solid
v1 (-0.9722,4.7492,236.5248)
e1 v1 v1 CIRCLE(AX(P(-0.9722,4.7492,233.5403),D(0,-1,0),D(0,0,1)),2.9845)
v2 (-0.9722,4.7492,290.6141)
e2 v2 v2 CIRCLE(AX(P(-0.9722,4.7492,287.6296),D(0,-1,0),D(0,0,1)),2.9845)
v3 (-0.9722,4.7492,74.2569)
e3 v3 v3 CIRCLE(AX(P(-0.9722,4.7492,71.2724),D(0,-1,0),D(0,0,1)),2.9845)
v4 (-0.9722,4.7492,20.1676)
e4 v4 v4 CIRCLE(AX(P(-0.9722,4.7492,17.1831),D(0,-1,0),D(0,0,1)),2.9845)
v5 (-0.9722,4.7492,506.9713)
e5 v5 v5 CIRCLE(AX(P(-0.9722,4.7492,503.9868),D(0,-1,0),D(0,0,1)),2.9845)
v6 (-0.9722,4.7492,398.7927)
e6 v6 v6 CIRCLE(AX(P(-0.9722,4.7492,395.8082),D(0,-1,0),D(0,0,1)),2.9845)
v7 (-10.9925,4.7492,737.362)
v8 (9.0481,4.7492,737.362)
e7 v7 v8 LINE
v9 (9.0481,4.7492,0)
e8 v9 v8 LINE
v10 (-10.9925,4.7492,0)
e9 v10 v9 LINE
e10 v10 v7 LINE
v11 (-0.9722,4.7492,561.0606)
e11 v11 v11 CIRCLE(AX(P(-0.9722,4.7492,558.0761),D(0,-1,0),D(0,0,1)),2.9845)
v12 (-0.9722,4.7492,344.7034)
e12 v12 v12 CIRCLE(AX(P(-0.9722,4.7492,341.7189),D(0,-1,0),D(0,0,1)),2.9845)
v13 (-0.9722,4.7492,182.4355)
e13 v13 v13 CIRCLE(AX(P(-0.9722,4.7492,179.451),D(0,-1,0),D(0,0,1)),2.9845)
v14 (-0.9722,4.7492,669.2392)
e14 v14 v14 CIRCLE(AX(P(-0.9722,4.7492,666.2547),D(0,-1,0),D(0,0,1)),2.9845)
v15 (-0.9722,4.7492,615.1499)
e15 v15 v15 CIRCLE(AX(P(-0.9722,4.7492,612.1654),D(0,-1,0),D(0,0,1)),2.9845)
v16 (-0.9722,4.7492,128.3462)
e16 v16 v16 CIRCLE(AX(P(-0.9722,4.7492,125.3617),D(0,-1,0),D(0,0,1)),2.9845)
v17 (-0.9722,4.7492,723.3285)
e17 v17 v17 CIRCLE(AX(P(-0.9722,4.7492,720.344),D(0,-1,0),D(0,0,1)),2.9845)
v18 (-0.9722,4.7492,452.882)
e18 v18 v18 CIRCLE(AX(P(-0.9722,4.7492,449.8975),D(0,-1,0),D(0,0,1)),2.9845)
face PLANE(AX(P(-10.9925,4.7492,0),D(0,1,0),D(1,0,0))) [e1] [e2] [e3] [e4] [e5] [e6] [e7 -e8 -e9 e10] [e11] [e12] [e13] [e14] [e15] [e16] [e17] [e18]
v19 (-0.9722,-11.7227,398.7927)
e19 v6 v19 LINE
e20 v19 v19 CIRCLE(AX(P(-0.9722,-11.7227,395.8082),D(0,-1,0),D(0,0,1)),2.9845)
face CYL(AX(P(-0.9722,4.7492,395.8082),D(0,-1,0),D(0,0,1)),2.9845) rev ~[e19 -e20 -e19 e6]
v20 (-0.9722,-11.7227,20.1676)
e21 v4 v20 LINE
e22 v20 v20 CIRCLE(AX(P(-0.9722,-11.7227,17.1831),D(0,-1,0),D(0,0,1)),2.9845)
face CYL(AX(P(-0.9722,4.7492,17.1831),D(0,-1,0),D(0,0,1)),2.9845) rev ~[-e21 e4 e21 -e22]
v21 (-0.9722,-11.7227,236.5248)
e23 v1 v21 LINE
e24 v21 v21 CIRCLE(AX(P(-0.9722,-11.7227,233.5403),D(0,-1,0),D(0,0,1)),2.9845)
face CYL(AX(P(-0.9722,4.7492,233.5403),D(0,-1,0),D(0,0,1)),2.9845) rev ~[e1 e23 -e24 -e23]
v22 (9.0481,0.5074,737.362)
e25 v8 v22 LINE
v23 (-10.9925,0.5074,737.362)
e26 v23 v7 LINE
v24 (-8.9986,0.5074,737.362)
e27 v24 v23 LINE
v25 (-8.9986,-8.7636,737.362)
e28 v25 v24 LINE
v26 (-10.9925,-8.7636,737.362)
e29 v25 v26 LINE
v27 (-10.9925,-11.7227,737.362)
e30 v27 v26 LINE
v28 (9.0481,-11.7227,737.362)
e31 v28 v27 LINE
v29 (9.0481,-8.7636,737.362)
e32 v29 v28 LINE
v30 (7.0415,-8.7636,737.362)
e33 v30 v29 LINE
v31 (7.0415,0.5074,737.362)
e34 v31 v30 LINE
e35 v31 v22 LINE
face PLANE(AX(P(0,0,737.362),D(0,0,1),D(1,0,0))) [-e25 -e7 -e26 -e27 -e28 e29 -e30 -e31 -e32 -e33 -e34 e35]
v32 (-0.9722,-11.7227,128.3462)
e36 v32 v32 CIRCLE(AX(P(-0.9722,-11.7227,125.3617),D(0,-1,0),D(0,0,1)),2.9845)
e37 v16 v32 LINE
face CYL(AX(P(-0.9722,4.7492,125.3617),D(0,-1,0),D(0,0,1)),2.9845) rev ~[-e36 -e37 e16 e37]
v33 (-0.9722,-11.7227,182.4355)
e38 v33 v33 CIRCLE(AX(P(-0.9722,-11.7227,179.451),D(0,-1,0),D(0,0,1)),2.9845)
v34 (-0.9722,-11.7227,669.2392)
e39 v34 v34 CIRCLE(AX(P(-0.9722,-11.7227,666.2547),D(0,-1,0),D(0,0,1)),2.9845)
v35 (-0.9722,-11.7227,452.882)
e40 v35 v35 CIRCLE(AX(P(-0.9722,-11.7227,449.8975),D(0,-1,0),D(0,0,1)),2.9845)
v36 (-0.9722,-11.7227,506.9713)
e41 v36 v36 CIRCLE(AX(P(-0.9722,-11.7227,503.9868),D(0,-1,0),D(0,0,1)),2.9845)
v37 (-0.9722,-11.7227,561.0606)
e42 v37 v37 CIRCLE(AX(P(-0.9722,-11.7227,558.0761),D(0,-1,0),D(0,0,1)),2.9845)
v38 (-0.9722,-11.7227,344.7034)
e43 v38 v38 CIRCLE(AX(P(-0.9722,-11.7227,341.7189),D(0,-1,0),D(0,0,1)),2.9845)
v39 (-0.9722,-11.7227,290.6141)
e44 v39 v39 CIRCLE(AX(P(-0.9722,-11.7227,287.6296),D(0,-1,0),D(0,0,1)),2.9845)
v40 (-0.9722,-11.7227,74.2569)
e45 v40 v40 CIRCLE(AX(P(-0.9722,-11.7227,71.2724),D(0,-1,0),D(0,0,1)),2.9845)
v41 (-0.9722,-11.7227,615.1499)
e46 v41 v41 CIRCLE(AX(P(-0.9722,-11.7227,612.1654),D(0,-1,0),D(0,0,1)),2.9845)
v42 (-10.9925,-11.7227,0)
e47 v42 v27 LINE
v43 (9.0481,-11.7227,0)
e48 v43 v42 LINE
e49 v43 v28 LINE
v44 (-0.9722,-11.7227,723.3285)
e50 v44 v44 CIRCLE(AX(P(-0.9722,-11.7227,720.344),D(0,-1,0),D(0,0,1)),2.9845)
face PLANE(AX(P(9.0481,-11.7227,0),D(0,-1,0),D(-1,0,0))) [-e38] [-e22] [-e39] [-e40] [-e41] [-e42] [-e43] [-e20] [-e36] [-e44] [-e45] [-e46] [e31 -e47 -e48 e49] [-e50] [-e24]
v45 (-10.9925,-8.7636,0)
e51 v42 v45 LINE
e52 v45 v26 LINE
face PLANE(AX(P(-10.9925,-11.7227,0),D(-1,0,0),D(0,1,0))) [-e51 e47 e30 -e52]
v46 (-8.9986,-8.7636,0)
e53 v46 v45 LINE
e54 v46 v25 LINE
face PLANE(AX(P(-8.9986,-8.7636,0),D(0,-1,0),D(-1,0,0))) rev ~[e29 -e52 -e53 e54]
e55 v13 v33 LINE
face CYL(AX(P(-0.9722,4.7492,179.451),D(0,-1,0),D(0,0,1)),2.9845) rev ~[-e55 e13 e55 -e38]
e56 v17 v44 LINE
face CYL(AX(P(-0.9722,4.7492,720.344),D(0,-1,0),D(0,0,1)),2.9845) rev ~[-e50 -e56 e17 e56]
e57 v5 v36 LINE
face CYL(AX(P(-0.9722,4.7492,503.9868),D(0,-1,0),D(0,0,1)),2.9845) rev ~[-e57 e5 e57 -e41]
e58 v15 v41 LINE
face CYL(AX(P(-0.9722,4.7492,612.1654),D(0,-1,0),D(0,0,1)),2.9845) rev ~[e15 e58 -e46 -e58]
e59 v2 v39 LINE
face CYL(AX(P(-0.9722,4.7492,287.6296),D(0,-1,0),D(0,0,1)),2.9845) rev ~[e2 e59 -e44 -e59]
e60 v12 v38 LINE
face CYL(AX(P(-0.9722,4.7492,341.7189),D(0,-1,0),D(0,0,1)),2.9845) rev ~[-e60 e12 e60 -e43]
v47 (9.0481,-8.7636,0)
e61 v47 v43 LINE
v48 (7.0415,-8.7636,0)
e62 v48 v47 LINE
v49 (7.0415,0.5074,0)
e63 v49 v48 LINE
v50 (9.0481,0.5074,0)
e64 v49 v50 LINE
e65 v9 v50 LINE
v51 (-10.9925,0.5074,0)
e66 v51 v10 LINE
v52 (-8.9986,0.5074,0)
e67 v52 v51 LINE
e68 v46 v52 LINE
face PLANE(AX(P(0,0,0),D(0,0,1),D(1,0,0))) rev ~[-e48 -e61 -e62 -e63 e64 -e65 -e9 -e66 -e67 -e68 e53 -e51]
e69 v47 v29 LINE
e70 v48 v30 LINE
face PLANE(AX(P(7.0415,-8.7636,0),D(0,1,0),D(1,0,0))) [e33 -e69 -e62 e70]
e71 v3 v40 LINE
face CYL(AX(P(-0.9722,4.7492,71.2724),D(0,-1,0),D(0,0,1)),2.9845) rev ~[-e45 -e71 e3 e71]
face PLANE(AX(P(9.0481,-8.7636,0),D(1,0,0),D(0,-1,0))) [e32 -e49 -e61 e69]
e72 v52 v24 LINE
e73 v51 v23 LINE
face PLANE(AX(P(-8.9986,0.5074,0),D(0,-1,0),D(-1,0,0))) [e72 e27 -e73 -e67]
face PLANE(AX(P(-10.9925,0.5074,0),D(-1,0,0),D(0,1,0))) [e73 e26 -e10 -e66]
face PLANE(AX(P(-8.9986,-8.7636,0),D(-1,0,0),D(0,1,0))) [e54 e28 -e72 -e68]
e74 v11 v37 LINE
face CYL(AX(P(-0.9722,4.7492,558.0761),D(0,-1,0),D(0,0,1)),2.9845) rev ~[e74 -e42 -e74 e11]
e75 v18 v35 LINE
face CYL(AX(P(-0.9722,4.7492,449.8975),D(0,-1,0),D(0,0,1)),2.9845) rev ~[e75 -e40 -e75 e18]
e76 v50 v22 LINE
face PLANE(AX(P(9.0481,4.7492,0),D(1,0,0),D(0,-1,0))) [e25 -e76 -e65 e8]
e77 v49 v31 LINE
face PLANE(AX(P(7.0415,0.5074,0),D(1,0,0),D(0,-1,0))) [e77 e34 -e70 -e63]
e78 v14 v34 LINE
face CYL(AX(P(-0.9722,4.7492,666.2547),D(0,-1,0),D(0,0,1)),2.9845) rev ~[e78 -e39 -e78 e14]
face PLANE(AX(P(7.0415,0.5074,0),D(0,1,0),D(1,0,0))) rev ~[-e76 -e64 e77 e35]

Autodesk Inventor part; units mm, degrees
ref_plane "YZ Plane" through (0, 0, 0) normal (1, 0, 0) x (0, 1, 0)
ref_plane "XZ Plane" through (0, 0, 0) normal (0, 1, 0) x (-1, 0, 0)
ref_plane "XY Plane" through (0, 0, 0) normal (0, 0, 1) x (1, 0, 0)
sketch "Sketch1" plane through (0, 0, 0) normal (0, 1, 0) x (-1, 0, 0)
  point P0 (0, 0)
sketch "Sketch2" plane through (0, 0, 0) normal (0, 0, 1) x (1, 0, 0)
  line L0 (-10.9925, 4.7492) -> (9.0481, 4.7492)
  line L1 (9.0481, -11.7227) -> (-10.9925, -11.7227)
  line L2 (7.0415, 0.5074) -> (7.0415, -8.7636)
  line L3 (-8.9986, -8.7636) -> (-8.9986, 0.5074)
  line L4 (-8.9986, 0.5074) -> (-10.9925, 0.5074)
  line L5 (-8.9986, -8.7636) -> (-10.9925, -8.7636)
  line L6 (7.0415, -8.7636) -> (9.0481, -8.7636)
  line L7 (7.0415, 0.5074) -> (9.0481, 0.5074)
  line L8 (9.0481, 4.7492) -> (9.0481, 0.5074)
  line L9 (9.0481, -8.7636) -> (9.0481, -11.7227)
  line L10 (-10.9925, -11.7227) -> (-10.9925, -8.7636)
  line L11 (-10.9925, 0.5074) -> (-10.9925, 4.7492)
  point P0 (0, 0)
extrude "Extrusion1" add sketch "Sketch2" along normal blind 737.362
sketch "Sketch3" plane through (-10.9925, 4.7492, 0) normal (0, 1, 0) x (1, 0, 0)
  circle A0 centre (10.0203, -179.451) radius 2.8956
  line L0 (0, 0) -> (20.0406, 0) projected
  circle A1 centre (10.0203, -233.5403) radius 2.8956
  line L1 (20.0406, 0) -> (20.0406, -737.362) projected
  line L2 (0, 0) -> (0, -737.362) projected
  circle A2 centre (10.0203, -287.6296) radius 2.8956
  circle A3 centre (10.0203, -341.7189) radius 2.8956
  circle A4 centre (10.0203, -395.8082) radius 2.8956
  circle A5 centre (10.0203, -449.8975) radius 2.8956
  circle A6 centre (10.0203, -503.9868) radius 2.8956
  circle A7 centre (10.0203, -558.0761) radius 2.8956
  circle A8 centre (10.0203, -612.1654) radius 2.8956
  circle A9 centre (10.0203, -666.2547) radius 2.8956
  circle A10 centre (10.0203, -720.344) radius 2.8956
  line L3 (20.0406, -737.362) -> (0, -737.362) projected
  circle A11 centre (10.0203, -125.3617) radius 2.8956
  circle A12 centre (10.0203, -71.2724) radius 2.8956
  circle A13 centre (10.0203, -17.1831) radius 2.8956
  point P0 (10.9925, 0)
  dimension "d16" = 20.0406
  dimension "d17" = 54.0893
  dimension "d19" = 54.0893
  dimension "d20" = 54.0893
  dimension "d21" = 54.0893
  dimension "d22" = 54.0893
  dimension "d23" = 54.0893
  dimension "d24" = 54.0893
  dimension "d25" = 54.0893
  dimension "d26" = 54.0893
  dimension "d27" = 54.0893
  dimension "d28" = 17.018
  dimension "d29" = 54.0893
  dimension "d30" = 54.0893
  dimension "d31" = 54.0893
  dimension "d33" = 10.0203
  dimension "d34" = 10.0203
  dimension "d35" = 10.0203
  dimension "d36" = 10.0203
  dimension "d37" = 10.0203
hole "Hole1" at (-0.9722, 4.7492, 17.1831) at (-0.9722, 4.7492, 71.2724) at (-0.9722, 4.7492, 125.3617) at (-0.9722, 4.7492, 179.451) at (-0.9722, 4.7492, 233.5403) at (-0.9722, 4.7492, 287.6296) at (-0.9722, 4.7492, 341.7189) at (-0.9722, 4.7492, 395.8082) at (-0.9722, 4.7492, 449.8975) at (-0.9722, 4.7492, 503.9868) at (-0.9722, 4.7492, 558.0761) at (-0.9722, 4.7492, 612.1654) at (-0.9722, 4.7492, 666.2547) at (-0.9722, 4.7492, 720.344) direction (0, -1, 0) diameter 5.969 end through all
sketch "Sketch4" plane through (-10.9925, 4.7492, 0) normal (0, 1, 0) x (1, 0, 0)
  point P0 (10.9925, 0)
sketch "Sketch5" plane through (-10.9925, -11.7227, 0) normal (0, -1, 0) x (1, 0, 0)
  point P0 (10.9925, 0)
sketch "Sketch6" plane through (-10.9925, -11.7227, 0) normal (0, -1, 0) x (1, 0, 0)
  line L0 (20.0406, 0) -> (20.0406, 737.362) projected
  line L1 (20.0406, 0) -> (0, 0) projected
  circle A0 centre (10.0203, 666.2547) radius 2.9845 projected
  line L2 (0, 737.362) -> (20.0406, 737.362) projected
  line L3 (0, 0) -> (0, 737.362) projected
  point P0 (10.9925, 0)
  point P1 (10.0203, 125.222)
  point P2 (10.0203, 179.324)
  point P3 (10.0203, 233.426)
  point P4 (10.0203, 287.528)
  point P5 (10.0203, 341.63)
  point P6 (10.0203, 395.732)
  point P7 (10.0203, 449.834)
  point P8 (10.0203, 503.936)
  point P9 (10.0203, 558.038)
  point P10 (10.0203, 612.14)
  point P11 (10.0203, 720.344)
  point P12 (10.0203, 666.242)
  point P13 (10.0203, 71.12)
  point P14 (10.0203, 17.018)
  dimension "d59" = 10.0203
  dimension "d60" = 10.0203
  dimension "d61" = 54.102
  dimension "d62" = 54.102
  dimension "d63" = 10.0203
  dimension "d64" = 54.102
  dimension "d65" = 10.0203
  dimension "d66" = 54.102
  dimension "d67" = 54.102
  dimension "d68" = 54.102
  dimension "d69" = 54.102
  dimension "d70" = 54.102
  dimension "d71" = 54.102
  dimension "d74" = 54.102
  dimension "d75" = 54.102
  dimension "d76" = 17.018
  dimension "d77" = 10.0203
  dimension "d78" = 10.0203
  dimension "d79" = 10.0203
  dimension "d80" = 10.0203
  dimension "d81" = 10.0203
  dimension "d82" = 54.102
  dimension "d83" = 54.102
  dimension "d84" = 10.0203
  dimension "d85" = 10.0203
  dimension "d86" = 10.0203
sketch "Sketch7" plane through (-10.9925, -11.7227, 0) normal (0, -1, 0) x (1, 0, 0)
  point P0 (10.9925, 0)
equation "\"d19\" = d17"
equation "\"d20\" = d17"
equation "\"d21\" = d17"
equation "\"d22\" = d17"
equation "\"d23\" = d17"
equation "\"d24\" = d17"
equation "\"d25\" = d17"
equation "\"d26\" = d17"
equation "\"d27\" = d17"
equation "\"d29\" = d17"
equation "\"d30\" = d17"
equation "\"d31\" = d17"
equation "\"d61\" = d50"
equation "\"d62\" = d50"
equation "\"d64\" = d50"
equation "\"d66\" = d50"
equation "\"d67\" = d50"
equation "\"d68\" = d50"
equation "\"d69\" = d50"
equation "\"d70\" = d50"
equation "\"d71\" = d50"
equation "\"d74\" = d50"
equation "\"d75\" = d50"
equation "\"d79\" = d77"
equation "\"d80\" = d77"
equation "\"d81\" = d77"
equation "\"d82\" = d61"
equation "\"d83\" = d82"
equation "\"d86\" = d77"
equation "\"d50\" = 54.102"
properties part number "Rail"
